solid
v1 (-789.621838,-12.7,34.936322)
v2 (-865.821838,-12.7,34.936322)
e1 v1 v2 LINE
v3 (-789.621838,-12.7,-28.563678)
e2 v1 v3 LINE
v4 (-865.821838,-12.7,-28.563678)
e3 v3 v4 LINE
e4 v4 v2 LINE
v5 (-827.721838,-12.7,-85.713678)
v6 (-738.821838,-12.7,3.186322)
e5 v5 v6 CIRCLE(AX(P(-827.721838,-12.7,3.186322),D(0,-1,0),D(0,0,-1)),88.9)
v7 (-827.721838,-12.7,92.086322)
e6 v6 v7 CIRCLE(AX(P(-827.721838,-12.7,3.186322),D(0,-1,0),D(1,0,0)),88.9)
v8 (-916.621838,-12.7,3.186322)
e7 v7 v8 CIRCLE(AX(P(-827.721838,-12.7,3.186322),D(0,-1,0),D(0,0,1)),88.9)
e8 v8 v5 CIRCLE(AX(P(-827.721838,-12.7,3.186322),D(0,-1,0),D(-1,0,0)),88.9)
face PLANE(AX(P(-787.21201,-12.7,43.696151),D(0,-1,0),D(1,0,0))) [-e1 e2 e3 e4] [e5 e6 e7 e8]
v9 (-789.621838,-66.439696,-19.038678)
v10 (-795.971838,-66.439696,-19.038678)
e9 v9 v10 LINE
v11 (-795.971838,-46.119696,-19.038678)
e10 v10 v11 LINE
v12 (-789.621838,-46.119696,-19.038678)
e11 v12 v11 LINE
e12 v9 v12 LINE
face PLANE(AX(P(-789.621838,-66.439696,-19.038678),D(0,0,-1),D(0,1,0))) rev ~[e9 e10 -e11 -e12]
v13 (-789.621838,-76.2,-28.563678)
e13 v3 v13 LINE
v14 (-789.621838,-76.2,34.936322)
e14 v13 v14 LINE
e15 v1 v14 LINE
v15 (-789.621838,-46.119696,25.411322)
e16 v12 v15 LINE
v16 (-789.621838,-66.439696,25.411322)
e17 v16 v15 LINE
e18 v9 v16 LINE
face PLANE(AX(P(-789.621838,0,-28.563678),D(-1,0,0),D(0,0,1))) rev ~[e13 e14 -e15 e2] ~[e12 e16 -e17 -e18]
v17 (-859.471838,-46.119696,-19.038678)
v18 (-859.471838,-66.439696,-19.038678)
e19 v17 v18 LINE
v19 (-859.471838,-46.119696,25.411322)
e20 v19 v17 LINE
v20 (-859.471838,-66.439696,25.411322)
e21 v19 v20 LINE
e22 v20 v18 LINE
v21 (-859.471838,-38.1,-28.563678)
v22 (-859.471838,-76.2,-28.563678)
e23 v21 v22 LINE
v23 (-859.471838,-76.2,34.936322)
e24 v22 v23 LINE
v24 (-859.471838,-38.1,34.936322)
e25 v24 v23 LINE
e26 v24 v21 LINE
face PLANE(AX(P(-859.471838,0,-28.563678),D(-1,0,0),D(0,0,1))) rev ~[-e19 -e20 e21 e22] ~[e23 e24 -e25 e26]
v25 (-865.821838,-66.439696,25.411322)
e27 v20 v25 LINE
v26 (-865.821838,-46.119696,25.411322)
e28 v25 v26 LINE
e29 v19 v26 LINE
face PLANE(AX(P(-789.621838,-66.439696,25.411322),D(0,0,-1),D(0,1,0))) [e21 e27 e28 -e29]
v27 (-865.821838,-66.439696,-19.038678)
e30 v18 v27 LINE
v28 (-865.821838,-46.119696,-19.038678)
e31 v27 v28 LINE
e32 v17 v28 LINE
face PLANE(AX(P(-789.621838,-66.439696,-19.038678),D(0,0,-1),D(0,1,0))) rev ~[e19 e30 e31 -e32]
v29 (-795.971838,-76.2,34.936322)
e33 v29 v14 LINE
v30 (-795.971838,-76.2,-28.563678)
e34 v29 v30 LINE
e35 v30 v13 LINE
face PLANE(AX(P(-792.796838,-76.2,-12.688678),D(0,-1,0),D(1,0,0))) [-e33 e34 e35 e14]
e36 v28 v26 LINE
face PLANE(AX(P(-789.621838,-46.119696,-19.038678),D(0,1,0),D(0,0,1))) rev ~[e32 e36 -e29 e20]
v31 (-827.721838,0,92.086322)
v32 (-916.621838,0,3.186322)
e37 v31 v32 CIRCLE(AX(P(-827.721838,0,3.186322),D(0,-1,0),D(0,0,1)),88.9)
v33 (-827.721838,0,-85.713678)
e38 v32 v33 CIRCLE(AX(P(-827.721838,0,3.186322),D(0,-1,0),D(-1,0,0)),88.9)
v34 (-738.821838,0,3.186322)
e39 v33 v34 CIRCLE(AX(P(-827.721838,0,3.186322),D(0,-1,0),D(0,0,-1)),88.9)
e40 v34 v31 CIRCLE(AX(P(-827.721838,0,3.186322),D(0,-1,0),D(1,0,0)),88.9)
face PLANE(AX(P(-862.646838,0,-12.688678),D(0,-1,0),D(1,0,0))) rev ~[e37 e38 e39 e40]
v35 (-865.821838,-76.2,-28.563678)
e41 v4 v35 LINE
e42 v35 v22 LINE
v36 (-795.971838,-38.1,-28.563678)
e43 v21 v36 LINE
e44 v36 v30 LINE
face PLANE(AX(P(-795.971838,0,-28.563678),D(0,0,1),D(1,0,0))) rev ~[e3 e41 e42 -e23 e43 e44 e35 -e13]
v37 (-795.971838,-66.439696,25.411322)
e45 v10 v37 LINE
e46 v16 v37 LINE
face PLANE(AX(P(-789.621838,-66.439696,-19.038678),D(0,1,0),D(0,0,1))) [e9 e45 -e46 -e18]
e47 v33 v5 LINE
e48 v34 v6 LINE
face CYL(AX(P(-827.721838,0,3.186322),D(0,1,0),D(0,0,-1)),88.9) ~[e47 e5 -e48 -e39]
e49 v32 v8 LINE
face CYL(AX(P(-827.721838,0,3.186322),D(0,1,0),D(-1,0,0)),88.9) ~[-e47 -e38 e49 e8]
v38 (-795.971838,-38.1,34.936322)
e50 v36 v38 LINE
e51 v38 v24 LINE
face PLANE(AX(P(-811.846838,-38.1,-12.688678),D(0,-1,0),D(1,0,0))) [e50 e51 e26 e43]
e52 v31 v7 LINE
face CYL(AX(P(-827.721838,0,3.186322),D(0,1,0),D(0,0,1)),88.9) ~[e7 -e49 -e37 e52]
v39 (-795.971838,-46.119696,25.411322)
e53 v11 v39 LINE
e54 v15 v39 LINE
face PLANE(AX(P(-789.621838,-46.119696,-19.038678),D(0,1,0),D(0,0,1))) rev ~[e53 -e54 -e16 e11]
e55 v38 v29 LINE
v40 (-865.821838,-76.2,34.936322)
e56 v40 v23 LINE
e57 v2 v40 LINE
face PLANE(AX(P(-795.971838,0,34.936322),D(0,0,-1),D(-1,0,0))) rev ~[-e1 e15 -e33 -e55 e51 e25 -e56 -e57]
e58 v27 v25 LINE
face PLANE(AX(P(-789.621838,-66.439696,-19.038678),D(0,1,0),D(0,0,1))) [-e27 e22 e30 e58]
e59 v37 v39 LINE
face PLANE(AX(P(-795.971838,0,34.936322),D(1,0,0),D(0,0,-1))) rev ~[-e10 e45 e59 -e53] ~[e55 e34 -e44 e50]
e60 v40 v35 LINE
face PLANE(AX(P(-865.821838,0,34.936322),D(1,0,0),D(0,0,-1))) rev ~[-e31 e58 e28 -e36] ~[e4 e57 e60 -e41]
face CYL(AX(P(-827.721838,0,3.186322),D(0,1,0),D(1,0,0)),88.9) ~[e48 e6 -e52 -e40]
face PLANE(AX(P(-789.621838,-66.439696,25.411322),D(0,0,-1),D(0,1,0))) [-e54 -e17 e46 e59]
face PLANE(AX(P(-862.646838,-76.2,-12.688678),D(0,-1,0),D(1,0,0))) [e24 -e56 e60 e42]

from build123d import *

# Parameters (mm, degrees)
F1_DEPTH = 12.7
F0_W     = 6.35
F0_H     = 31.75
F2_DEPTH = 76.2
F0_W_2   = 31.75
F3_DEPTH = 38.1
F4_W     = 20.32
F4_H     = 44.45
F5_DEPTH = 200.02717


with BuildPart() as f1:
    # F0 (on Front) → F1 (new body)
    with BuildSketch(Plane.XZ):
        with BuildLine():
            Line((-789.6218383789, 3.1863217354), (-738.8218383789, 3.1863217354))
            ThreePointArc((-738.8218383789, 3.1863217354), (-764.8600455314, 66.0481145829), (-827.7218383789, 92.0863217354))
            Line((-827.7218383789, 92.0863217354), (-827.7218383789, 34.9363217354))
            Line((-827.7218383789, 34.9363217354), (-795.9718383789, 34.9363217354))
            Line((-795.9718383789, 34.9363217354), (-789.6218383789, 34.9363217354))
            Line((-789.6218383789, 34.9363217354), (-789.6218383789, 3.1863217354))
        make_face()
        with BuildLine():
            Line((-827.7218383789, 34.9363217354), (-827.7218383789, 92.0863217354))
            ThreePointArc((-827.7218383789, 92.0863217354), (-890.5836312264, 66.0481145829), (-916.6218383789, 3.1863217354))
            Line((-916.6218383789, 3.1863217354), (-865.8218383789, 3.1863217354))
            Line((-865.8218383789, 3.1863217354), (-865.8218383789, 34.9363217354))
            Line((-865.8218383789, 34.9363217354), (-859.4718383789, 34.9363217354))
            Line((-859.4718383789, 34.9363217354), (-827.7218383789, 34.9363217354))
        make_face()
        with BuildLine():
            ThreePointArc((-916.6218383789, 3.1863217354), (-890.5836312264, -59.6754711121), (-827.7218383789, -85.7136782646))
            Line((-827.7218383789, -85.7136782646), (-827.7218383789, -28.5636782646))
            Line((-827.7218383789, -28.5636782646), (-859.4718383789, -28.5636782646))
            Line((-859.4718383789, -28.5636782646), (-865.8218383789, -28.5636782646))
            Line((-865.8218383789, -28.5636782646), (-865.8218383789, 3.1863217354))
            Line((-865.8218383789, 3.1863217354), (-916.6218383789, 3.1863217354))
        make_face()
        with BuildLine():
            ThreePointArc((-827.7218383789, -85.7136782646), (-764.8600455314, -59.6754711121), (-738.8218383789, 3.1863217354))
            Line((-738.8218383789, 3.1863217354), (-789.6218383789, 3.1863217354))
            Line((-789.6218383789, 3.1863217354), (-789.6218383789, -28.5636782646))
            Line((-789.6218383789, -28.5636782646), (-795.9718383789, -28.5636782646))
            Line((-795.9718383789, -28.5636782646), (-827.7218383789, -28.5636782646))
            Line((-827.7218383789, -28.5636782646), (-827.7218383789, -85.7136782646))
        make_face()
    extrude(amount=F1_DEPTH)

    # F0 (on Front) → F2 (join)
    with BuildSketch(Plane.XZ):
        with Locations((-862.6468383789, -12.6886782646)):
            Rectangle(F0_W, F0_H)
        with Locations((-862.6468383789, 19.0613217354)):
            Rectangle(F0_W, F0_H)
        with Locations((-792.7968383789, -12.6886782646)):
            Rectangle(F0_W, F0_H)
        with Locations((-792.7968383789, 19.0613217354)):
            Rectangle(F0_W, F0_H)
    extrude(amount=F2_DEPTH)

    # F0 (on Front) → F3 (join)
    with BuildSketch(Plane.XZ):
        with Locations((-811.8468383789, -12.6886782646)):
            Rectangle(F0_W_2, F0_H)
        with Locations((-843.5968383789, -12.6886782646)):
            Rectangle(F0_W_2, F0_H)
        with Locations((-843.5968383789, 19.0613217354)):
            Rectangle(F0_W_2, F0_H)
        with Locations((-811.8468383789, 19.0613217354)):
            Rectangle(F0_W_2, F0_H)
    extrude(amount=F3_DEPTH)

    # F4 (on face) → F5 (cut)
    with BuildSketch(Plane.YZ.offset(-789.6218383789)):
        with Locations((-56.2796956563, 3.1863217354)):
            Rectangle(F4_W, F4_H)
    extrude(amount=-F5_DEPTH, mode=Mode.SUBTRACT)


solid = f1.part
